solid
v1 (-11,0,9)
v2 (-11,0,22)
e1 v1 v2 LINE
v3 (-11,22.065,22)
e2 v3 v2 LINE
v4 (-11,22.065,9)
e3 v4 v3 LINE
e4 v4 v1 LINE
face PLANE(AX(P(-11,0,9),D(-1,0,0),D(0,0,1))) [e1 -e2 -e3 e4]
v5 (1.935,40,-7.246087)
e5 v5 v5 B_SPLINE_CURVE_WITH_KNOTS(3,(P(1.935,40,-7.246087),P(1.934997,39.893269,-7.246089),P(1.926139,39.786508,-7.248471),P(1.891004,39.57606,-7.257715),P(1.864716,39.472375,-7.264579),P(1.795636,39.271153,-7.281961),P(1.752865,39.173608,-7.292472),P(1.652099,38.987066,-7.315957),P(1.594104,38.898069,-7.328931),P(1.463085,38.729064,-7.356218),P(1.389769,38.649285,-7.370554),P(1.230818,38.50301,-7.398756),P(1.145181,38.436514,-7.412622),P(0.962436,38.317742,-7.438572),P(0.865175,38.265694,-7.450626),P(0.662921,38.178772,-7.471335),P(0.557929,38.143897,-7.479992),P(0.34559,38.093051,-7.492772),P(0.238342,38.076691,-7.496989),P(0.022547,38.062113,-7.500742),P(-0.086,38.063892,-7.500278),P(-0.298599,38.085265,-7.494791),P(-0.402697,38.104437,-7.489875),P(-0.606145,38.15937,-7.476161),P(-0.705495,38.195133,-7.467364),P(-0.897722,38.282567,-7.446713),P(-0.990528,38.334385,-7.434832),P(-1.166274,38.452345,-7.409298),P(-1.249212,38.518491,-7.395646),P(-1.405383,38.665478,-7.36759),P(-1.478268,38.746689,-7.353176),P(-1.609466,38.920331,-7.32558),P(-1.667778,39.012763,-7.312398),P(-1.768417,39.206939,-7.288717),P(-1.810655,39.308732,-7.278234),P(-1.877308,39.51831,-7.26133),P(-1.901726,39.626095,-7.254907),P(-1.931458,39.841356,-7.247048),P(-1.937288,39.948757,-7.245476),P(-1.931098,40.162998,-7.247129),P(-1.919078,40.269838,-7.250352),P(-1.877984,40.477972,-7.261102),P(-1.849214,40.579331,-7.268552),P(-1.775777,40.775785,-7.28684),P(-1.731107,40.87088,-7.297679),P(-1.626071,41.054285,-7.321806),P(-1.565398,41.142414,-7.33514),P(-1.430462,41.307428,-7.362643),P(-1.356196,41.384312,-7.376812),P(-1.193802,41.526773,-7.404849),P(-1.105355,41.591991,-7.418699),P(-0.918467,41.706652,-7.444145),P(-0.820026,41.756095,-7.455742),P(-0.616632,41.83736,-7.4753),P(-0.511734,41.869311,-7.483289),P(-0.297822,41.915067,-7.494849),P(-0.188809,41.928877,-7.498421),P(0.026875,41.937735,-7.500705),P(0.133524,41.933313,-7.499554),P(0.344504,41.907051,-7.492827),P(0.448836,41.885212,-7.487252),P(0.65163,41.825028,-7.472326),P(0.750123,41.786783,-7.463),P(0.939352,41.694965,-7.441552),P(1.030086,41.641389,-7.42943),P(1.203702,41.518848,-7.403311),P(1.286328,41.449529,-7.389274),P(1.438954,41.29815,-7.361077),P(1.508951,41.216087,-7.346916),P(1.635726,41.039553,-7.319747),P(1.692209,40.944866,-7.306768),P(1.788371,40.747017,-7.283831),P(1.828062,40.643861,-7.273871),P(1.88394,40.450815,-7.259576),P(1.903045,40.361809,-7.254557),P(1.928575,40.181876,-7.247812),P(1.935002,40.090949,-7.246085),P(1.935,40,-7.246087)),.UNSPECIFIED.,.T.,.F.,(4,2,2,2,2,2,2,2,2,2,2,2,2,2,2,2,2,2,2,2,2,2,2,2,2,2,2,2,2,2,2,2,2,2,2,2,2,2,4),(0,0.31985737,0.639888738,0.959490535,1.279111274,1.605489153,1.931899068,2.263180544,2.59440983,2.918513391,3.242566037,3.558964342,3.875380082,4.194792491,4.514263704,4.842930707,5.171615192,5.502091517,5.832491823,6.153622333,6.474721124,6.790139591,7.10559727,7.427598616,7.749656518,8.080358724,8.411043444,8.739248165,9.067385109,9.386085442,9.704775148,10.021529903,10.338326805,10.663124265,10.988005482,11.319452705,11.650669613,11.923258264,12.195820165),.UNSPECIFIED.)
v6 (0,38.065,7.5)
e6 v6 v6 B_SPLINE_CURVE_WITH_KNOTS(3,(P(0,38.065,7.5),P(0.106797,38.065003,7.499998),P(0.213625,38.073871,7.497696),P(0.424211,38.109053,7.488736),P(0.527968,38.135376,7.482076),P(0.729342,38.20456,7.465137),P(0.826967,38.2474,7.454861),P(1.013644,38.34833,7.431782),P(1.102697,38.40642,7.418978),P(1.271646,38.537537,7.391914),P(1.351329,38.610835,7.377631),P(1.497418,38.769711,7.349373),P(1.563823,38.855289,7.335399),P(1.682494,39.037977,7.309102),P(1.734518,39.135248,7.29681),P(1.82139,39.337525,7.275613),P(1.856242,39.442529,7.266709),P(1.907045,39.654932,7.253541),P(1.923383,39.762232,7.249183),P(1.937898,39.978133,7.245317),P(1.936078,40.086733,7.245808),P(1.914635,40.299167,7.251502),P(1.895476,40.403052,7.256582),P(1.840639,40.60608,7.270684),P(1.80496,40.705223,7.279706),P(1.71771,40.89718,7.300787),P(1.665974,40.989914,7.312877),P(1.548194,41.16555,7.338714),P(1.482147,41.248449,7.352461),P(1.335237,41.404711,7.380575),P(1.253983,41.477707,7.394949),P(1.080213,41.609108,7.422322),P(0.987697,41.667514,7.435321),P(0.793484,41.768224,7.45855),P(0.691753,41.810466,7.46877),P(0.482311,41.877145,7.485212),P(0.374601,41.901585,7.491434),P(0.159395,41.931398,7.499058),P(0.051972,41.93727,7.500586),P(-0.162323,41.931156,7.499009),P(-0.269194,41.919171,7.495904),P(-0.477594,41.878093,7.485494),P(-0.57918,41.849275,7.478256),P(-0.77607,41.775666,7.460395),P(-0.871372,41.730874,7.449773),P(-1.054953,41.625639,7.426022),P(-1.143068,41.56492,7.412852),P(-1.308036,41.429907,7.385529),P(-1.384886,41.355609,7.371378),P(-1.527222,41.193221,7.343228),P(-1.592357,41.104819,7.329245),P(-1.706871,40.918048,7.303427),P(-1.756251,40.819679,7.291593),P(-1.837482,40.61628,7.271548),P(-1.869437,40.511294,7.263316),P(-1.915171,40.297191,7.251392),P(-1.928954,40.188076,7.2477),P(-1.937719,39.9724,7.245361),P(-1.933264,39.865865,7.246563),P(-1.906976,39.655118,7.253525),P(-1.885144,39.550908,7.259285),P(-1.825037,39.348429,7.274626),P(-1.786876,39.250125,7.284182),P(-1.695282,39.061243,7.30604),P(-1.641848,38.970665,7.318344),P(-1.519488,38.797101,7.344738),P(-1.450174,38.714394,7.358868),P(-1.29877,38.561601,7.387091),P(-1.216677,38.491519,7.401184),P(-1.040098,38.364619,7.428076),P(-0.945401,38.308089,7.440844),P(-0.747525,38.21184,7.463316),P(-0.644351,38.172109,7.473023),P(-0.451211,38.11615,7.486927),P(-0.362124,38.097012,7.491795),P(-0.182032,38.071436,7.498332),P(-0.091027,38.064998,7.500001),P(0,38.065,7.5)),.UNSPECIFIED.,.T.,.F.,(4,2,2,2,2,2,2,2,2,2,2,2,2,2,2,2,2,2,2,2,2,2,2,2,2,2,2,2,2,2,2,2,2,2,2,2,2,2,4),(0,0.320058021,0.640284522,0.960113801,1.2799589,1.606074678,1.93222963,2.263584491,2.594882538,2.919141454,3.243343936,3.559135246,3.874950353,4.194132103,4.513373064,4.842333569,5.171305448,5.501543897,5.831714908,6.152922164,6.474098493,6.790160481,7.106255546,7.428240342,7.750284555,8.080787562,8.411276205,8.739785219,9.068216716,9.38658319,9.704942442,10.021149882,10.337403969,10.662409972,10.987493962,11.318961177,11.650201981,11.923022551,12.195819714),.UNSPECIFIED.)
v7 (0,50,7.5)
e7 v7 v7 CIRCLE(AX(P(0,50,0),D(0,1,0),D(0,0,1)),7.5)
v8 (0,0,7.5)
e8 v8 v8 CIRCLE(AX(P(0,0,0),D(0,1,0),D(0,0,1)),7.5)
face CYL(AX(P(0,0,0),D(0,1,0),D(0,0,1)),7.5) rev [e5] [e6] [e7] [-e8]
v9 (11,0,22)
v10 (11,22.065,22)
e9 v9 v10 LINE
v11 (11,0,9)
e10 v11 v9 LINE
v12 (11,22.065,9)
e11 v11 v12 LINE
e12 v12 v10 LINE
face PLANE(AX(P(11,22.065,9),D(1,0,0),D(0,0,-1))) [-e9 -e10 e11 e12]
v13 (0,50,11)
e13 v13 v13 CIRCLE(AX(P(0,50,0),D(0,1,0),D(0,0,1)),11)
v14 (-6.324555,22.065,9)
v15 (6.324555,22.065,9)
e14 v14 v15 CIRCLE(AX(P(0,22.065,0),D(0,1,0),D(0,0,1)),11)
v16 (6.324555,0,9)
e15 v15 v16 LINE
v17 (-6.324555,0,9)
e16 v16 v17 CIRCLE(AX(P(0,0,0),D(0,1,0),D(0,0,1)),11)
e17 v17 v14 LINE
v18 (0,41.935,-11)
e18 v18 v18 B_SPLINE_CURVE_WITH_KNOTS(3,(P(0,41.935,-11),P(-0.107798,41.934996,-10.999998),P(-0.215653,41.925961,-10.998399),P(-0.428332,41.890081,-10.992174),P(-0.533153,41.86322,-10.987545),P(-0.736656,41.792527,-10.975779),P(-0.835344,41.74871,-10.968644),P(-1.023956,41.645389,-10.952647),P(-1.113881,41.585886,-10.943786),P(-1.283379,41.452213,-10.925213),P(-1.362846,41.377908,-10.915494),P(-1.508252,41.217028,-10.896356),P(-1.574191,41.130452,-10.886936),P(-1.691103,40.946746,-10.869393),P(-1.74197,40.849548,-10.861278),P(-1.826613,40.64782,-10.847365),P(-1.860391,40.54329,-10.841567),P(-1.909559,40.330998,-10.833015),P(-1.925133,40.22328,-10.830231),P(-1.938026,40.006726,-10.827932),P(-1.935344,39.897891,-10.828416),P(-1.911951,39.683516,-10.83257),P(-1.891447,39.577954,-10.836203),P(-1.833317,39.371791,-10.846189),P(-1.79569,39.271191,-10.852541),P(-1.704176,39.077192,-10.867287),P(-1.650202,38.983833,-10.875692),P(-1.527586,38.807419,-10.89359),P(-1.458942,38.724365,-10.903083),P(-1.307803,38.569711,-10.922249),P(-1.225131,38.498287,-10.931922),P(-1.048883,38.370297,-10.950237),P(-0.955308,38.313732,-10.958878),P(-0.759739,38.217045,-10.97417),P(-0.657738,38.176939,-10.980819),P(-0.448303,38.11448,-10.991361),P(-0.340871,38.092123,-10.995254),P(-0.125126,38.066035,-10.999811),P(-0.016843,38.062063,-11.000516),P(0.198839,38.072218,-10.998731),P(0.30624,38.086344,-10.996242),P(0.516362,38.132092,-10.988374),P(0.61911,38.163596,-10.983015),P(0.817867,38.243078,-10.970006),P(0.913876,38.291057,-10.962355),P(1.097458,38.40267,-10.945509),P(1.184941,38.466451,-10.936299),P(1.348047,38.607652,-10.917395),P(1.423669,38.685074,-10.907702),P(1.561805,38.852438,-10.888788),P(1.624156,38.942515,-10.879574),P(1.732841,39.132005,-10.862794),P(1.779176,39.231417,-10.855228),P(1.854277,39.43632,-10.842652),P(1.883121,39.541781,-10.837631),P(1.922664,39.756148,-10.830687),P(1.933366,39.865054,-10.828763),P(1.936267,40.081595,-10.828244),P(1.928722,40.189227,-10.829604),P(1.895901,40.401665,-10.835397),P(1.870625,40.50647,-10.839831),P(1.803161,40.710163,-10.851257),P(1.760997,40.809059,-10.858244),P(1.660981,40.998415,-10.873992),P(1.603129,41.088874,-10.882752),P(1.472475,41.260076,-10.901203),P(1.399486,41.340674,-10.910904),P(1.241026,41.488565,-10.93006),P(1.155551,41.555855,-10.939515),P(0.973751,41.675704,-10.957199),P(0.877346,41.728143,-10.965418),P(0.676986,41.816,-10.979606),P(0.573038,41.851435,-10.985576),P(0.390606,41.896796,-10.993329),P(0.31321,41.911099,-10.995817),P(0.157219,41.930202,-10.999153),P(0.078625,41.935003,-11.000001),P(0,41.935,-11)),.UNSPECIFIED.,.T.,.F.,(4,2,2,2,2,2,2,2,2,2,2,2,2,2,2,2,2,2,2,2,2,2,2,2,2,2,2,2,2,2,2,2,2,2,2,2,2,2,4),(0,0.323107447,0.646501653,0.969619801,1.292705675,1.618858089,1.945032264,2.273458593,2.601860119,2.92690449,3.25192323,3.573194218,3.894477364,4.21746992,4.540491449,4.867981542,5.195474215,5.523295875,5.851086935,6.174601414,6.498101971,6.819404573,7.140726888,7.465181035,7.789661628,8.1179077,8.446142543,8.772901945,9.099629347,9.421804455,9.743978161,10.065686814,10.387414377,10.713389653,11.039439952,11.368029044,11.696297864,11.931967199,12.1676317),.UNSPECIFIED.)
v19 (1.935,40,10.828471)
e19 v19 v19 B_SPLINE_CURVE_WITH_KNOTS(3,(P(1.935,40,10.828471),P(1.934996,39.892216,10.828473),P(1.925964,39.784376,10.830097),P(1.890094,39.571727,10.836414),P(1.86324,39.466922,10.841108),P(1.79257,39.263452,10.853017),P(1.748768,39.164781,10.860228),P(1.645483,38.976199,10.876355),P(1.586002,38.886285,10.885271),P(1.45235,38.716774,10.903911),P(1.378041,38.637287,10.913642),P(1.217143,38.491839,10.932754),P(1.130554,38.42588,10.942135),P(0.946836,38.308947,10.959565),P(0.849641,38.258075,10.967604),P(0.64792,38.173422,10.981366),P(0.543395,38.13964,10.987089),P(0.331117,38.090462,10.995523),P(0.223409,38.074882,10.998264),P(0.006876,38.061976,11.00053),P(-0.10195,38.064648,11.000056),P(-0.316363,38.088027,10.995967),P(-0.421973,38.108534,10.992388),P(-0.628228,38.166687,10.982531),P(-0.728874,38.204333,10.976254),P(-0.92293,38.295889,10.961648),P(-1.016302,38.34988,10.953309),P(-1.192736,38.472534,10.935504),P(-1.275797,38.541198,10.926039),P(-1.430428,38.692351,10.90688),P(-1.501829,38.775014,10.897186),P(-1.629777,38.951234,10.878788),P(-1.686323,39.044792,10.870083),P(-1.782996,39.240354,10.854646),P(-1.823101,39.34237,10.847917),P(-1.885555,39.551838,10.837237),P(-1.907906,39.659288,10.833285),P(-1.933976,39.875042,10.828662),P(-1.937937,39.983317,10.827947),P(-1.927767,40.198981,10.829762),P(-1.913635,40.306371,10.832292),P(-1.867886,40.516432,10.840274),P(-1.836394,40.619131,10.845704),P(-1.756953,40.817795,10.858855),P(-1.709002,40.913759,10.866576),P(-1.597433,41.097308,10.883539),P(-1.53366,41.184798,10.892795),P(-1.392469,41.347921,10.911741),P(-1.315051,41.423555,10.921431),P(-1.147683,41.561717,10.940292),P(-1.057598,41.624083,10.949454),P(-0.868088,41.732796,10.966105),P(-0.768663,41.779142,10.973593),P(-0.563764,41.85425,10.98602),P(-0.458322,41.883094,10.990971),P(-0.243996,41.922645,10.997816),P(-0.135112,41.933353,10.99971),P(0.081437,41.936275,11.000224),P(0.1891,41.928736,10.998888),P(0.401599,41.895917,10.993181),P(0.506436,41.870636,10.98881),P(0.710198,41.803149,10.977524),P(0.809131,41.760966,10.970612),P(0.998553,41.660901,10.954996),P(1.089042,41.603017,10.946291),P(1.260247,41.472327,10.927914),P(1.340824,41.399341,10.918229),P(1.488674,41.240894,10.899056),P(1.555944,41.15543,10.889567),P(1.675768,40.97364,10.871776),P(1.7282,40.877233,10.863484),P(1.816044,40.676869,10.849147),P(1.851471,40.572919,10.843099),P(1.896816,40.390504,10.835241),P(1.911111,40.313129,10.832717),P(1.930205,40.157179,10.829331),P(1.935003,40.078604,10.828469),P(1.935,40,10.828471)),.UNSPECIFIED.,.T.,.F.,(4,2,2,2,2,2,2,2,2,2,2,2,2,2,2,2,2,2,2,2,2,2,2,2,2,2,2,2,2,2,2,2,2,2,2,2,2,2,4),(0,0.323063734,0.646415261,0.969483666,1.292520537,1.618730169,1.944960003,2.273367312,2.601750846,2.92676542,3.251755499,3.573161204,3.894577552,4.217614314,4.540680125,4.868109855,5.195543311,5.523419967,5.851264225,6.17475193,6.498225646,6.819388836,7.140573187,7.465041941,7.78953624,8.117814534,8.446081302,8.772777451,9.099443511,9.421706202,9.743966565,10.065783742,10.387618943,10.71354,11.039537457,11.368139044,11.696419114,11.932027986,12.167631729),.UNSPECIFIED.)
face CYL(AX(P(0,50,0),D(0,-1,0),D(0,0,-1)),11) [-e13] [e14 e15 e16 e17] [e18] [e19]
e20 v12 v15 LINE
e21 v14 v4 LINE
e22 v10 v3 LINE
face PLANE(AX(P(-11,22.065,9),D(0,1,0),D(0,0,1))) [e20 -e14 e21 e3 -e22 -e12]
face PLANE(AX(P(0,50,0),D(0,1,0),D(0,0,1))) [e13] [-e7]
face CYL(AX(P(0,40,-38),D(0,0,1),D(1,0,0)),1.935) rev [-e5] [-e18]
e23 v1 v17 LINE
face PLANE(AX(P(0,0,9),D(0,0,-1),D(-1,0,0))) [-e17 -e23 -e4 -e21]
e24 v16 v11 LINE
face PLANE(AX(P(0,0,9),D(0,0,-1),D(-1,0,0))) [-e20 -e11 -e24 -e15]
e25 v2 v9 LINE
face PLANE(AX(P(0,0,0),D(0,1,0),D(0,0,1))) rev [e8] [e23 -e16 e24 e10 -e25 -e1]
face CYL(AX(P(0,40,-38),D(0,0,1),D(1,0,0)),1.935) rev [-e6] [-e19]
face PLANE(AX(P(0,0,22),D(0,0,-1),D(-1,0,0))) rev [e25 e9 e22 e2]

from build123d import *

# Parameters (mm, degrees)
SKETCH_1_R           = 11
EXTRUDE_1_DEPTH      = 50
SKETCH_2_R           = 7.5
CUT_EXTRUDE_1_DEPTH  = 53.364109846
SKETCH_4_R           = 1.935
CUT_EXTRUDE_4_DEPTH  = 50
EXTRUDE_3_DEPTH      = 10
EXTRUDE_3_DEPTH_BACK = 3
SKETCH_11_W          = 22
SKETCH_11_H          = 22.065


with BuildPart() as part:
    # 草圖1 → 填料-伸長1 (new body)
    with BuildSketch(Plane(origin=(0, 0, 0), x_dir=(1, 0, 0), z_dir=(0, 1, 0))):
        with Locations(Location((0, 0, 0), (0, 0, 270))):
            Circle(SKETCH_1_R)
    extrude(amount=EXTRUDE_1_DEPTH)

    # 草圖2 → 除料-伸長1 (cut, through all)
    with BuildSketch(Plane(origin=(0, 50, 0), x_dir=(1, 0, 0), z_dir=(0, 1, 0))):
        with Locations(Location((0, 0, 0), (0, 0, 270))):
            Circle(SKETCH_2_R)
    extrude(amount=-CUT_EXTRUDE_1_DEPTH, mode=Mode.SUBTRACT)

    # 草圖4 → 除料-伸長4 (cut)
    with BuildSketch(Plane.XY.offset(12)):
        with Locations((0, 40)):
            Circle(SKETCH_4_R)
    extrude(amount=-CUT_EXTRUDE_4_DEPTH, mode=Mode.SUBTRACT)

    # 草圖11 → 填料-伸長3 (add, two sides: drawn at the far end of the back side and taken through both)
    with BuildSketch(Plane.XY.offset(12).offset(-EXTRUDE_3_DEPTH_BACK)):
        with Locations((0, 11.0325)):
            Rectangle(SKETCH_11_W, SKETCH_11_H)
    extrude(amount=EXTRUDE_3_DEPTH + EXTRUDE_3_DEPTH_BACK)


solid = part.part
